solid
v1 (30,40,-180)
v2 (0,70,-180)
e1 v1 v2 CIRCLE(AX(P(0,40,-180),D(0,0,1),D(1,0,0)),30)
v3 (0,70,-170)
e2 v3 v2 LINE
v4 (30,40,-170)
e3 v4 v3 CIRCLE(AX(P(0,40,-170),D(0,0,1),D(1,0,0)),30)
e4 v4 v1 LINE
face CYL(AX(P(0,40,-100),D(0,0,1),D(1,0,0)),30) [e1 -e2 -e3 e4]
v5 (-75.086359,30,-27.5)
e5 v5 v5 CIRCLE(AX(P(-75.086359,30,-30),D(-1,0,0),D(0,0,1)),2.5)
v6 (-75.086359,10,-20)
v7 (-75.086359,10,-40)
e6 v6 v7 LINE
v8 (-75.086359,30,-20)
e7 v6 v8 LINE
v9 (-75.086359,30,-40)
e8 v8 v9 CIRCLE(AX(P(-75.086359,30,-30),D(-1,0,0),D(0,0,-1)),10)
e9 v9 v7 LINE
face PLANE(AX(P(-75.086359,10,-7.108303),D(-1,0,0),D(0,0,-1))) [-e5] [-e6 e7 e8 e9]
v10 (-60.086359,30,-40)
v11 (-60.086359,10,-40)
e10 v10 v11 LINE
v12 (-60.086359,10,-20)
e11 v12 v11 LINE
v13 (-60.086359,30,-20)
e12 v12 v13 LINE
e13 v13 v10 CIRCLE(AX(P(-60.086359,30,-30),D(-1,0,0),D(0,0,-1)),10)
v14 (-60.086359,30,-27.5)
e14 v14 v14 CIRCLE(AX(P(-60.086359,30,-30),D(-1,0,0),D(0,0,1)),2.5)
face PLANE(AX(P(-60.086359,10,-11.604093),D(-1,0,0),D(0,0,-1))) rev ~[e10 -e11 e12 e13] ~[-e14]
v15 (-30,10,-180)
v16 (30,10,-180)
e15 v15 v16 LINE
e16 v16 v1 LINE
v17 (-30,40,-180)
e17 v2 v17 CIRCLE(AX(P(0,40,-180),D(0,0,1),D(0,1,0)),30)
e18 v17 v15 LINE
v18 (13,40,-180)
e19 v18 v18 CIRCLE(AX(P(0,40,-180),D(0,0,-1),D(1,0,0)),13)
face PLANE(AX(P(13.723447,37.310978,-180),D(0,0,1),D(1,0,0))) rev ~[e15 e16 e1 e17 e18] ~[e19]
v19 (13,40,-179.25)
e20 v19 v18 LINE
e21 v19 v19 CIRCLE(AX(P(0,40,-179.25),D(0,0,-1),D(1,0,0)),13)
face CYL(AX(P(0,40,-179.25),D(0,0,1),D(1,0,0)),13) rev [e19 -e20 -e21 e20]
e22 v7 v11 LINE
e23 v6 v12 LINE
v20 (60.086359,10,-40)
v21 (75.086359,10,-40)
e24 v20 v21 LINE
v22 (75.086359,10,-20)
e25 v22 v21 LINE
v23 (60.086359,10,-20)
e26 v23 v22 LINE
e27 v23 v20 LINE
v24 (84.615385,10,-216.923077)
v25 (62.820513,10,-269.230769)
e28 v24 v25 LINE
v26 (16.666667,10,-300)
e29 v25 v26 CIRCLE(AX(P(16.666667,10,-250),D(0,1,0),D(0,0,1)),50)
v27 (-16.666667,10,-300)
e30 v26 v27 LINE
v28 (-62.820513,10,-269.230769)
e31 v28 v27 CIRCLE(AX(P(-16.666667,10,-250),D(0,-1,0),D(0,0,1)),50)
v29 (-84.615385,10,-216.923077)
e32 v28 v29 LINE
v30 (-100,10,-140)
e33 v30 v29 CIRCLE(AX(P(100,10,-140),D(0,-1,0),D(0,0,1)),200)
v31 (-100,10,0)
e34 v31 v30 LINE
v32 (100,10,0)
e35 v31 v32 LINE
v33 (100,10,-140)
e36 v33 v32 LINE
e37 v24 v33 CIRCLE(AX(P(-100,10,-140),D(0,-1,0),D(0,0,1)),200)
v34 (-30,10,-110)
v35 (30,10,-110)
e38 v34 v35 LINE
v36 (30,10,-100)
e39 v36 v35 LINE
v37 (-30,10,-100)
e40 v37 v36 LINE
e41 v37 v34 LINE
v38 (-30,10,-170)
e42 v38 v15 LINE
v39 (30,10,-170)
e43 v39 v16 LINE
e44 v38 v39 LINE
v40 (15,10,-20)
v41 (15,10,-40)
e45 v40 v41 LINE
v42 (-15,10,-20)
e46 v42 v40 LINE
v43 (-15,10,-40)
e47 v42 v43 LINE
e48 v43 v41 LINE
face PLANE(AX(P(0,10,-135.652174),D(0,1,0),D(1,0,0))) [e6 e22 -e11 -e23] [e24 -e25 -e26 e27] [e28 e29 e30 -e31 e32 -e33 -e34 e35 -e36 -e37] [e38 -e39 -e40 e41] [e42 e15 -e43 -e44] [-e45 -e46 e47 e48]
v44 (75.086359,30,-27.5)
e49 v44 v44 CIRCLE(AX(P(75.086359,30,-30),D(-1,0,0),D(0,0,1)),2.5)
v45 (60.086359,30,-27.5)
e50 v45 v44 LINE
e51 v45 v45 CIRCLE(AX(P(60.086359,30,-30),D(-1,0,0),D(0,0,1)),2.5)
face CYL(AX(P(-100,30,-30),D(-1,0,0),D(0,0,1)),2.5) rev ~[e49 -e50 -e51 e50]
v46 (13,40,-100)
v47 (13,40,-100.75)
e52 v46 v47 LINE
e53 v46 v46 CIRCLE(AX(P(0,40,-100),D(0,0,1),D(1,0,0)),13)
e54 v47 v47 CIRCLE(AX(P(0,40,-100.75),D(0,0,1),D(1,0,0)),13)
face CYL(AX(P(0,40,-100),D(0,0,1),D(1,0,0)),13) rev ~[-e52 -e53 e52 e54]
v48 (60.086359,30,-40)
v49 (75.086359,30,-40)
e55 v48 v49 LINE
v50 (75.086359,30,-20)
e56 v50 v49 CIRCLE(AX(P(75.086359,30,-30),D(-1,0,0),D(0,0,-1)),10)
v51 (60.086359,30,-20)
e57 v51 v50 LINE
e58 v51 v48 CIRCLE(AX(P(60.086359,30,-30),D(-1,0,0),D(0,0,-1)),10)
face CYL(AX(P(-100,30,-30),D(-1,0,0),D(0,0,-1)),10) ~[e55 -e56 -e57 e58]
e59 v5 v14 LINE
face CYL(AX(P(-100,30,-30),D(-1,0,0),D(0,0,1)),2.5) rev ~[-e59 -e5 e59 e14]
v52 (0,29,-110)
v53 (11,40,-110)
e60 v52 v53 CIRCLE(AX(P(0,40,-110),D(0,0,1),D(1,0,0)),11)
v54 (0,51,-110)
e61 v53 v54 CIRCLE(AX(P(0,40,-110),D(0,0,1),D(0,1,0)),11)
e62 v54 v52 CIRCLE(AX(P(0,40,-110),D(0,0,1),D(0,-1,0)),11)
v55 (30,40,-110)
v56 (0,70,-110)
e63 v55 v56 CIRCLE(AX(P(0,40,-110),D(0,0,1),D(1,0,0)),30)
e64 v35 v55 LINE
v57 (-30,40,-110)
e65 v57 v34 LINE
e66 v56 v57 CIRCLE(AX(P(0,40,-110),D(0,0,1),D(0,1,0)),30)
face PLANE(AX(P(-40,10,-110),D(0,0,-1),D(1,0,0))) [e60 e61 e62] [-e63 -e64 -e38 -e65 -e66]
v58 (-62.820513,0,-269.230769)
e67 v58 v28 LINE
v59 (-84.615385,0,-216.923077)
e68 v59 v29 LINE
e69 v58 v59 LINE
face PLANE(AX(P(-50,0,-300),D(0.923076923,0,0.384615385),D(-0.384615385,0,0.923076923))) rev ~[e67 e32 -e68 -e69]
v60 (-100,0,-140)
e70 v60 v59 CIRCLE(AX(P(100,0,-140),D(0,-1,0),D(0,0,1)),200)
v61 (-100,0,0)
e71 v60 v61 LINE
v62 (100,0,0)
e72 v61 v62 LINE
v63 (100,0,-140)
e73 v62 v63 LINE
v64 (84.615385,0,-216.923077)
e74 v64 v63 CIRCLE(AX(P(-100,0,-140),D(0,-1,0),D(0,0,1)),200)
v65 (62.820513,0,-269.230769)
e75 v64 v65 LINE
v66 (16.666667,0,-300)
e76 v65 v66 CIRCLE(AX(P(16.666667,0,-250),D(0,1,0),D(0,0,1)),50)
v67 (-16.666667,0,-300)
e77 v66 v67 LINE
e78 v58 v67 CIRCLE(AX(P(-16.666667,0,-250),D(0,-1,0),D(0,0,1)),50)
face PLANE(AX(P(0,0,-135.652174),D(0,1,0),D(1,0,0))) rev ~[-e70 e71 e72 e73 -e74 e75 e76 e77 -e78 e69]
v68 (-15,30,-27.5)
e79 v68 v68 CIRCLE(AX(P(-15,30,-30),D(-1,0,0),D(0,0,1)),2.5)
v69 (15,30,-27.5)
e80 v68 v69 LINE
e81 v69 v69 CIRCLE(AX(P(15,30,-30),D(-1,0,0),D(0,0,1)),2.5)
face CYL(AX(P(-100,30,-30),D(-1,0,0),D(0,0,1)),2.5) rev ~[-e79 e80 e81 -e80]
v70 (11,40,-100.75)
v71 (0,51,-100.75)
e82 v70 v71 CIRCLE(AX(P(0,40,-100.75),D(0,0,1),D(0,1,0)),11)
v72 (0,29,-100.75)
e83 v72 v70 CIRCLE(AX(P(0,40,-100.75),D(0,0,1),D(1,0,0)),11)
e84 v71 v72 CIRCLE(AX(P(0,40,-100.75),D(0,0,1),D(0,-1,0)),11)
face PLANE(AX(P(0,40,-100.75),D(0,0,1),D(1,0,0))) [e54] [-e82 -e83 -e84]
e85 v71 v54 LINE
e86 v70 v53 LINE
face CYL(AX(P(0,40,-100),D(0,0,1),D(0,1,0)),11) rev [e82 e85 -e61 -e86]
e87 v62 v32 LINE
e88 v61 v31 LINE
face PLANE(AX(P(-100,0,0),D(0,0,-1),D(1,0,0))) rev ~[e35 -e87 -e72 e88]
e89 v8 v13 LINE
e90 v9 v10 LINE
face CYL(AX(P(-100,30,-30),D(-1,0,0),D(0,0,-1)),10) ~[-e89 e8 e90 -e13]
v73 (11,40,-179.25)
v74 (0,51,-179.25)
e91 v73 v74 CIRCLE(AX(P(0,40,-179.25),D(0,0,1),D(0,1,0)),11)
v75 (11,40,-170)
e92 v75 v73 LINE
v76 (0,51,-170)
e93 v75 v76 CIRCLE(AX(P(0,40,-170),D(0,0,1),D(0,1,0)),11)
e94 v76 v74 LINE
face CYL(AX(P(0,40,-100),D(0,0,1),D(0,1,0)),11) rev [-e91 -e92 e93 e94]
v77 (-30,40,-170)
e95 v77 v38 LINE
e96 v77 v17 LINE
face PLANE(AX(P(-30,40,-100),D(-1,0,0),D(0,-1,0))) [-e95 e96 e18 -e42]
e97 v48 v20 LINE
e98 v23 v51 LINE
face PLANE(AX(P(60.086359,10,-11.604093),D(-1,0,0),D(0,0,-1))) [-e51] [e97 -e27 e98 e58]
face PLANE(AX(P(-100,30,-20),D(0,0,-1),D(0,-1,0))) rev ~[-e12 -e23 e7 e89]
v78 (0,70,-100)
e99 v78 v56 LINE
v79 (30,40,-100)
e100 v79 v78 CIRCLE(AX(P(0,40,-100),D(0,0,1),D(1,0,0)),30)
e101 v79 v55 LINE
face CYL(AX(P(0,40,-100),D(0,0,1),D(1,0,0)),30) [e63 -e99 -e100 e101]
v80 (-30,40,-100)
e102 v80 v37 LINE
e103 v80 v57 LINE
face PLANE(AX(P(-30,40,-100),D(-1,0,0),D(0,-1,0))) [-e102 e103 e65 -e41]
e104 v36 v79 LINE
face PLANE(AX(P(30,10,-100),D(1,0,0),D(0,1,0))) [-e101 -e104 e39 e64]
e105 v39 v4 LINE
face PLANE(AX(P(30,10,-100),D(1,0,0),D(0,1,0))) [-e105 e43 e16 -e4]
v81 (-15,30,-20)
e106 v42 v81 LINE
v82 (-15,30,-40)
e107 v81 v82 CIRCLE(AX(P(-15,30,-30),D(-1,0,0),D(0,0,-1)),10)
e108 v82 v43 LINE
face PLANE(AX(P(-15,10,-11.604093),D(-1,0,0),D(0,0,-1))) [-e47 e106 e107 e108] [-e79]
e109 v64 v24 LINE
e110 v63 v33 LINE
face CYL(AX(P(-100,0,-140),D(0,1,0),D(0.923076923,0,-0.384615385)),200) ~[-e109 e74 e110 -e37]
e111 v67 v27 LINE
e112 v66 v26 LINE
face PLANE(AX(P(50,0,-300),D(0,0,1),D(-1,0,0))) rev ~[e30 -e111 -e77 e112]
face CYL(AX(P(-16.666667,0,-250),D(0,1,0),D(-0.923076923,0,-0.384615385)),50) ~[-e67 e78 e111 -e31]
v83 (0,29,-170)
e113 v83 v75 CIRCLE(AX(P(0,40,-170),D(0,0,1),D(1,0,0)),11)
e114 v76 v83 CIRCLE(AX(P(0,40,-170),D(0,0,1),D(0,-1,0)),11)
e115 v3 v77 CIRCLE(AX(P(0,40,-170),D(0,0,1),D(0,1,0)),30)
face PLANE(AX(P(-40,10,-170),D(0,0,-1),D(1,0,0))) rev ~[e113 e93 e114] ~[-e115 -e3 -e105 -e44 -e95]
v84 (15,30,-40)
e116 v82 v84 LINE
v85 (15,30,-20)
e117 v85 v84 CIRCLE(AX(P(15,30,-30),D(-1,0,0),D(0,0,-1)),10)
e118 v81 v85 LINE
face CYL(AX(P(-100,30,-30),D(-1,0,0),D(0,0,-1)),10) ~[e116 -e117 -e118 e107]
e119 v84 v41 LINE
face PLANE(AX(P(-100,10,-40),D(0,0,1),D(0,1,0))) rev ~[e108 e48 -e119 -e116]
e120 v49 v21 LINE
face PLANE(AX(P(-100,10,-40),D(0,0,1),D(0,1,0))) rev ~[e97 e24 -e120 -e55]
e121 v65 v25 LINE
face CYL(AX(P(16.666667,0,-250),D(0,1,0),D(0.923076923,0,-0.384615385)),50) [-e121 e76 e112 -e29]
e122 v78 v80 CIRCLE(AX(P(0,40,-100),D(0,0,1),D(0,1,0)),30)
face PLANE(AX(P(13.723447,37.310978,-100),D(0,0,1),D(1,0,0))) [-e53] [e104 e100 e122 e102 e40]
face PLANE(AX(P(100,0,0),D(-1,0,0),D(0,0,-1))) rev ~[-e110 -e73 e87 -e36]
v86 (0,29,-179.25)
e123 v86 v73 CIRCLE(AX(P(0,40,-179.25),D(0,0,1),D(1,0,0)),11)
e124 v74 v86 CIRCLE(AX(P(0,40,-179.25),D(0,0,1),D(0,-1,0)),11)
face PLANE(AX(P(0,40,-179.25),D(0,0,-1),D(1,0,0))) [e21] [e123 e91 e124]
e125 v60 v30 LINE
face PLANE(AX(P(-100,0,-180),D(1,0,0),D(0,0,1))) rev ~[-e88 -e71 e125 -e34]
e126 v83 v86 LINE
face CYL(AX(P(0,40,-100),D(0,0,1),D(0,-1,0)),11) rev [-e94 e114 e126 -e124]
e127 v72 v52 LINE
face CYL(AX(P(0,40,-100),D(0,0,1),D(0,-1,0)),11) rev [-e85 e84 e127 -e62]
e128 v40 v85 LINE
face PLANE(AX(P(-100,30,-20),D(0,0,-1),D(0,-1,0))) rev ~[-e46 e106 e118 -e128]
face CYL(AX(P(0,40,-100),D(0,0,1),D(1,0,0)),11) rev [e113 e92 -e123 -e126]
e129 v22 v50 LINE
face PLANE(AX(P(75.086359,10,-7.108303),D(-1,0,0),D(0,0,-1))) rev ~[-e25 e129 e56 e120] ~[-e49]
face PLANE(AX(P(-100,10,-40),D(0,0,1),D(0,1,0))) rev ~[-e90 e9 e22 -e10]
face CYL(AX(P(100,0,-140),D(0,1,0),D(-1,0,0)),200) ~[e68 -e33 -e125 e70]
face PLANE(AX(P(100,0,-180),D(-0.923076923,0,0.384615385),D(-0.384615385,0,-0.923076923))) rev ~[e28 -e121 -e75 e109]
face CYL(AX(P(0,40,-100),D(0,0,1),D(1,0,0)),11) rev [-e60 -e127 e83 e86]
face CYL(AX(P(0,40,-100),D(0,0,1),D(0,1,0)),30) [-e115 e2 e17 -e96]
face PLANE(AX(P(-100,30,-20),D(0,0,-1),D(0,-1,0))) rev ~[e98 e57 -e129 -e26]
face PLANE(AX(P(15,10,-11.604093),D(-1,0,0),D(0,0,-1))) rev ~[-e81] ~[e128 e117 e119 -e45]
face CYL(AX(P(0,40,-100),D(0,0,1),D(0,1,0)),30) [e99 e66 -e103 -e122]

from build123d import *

# Parameters (mm, degrees)
EXTRUDE_1_DEPTH      = 10
EXTRUDE_START        = -100
EXTRUDE_3_DEPTH      = 80
SKETCH_5_W           = 80
SKETCH_5_H           = 60
CUT_EXTRUDE_2_DEPTH  = 110
FILLET_1_R           = 50
FILLET_2_R           = 200
SKETCH_16_R          = 13
CUT_EXTRUDE_10_DEPTH = 0.75
CUT_EXTRUDE_START    = -0.75
SKETCH_17_R          = 13
CUT_EXTRUDE_11_DEPTH = 0.75
SKETCH_18_R          = 2.5
EXTRUDE_6_DEPTH      = 200
SKETCH_20_W          = 45.086358536
SKETCH_20_H          = 37.636191029
SKETCH_20_W_2        = 32.7550468
SKETCH_20_H_2        = 44.701005045
CUT_EXTRUDE_12_DEPTH = 322.869538789


with BuildPart() as part:
    # 草图1 → 凸台-拉伸1 (new body)
    with BuildSketch(Plane(origin=(0, 0, 0), x_dir=(1, 0, 0), z_dir=(0, 1, 0))):
        Polygon((-100, 0), (100, 0), (100, 180), (50, 300), (-50, 300), (-100, 180), align=None)
    extrude(amount=EXTRUDE_1_DEPTH)

    # 草图4 → 凸台-拉伸3 (add)
    with BuildSketch(Plane.XY.offset(EXTRUDE_START)):
        with BuildLine():
            Line((0, 29), (0, 10))
            Line((0, 10), (30, 10))
            Line((30, 10), (30, 40))
            ThreePointArc((30, 40), (21.213203436, 61.213203436), (0, 70))
            Line((0, 70), (0, 51))
            ThreePointArc((0, 51), (7.778174593, 47.778174593), (11, 40))
            ThreePointArc((11, 40), (7.778174593, 32.221825407), (0, 29))
        make_face()
        with BuildLine():
            Line((-30, 10), (0, 10))
            Line((0, 10), (0, 29))
            ThreePointArc((0, 29), (-11, 40), (0, 51))
            Line((0, 51), (0, 70))
            ThreePointArc((0, 70), (-21.213203436, 61.213203436), (-30, 40))
            Line((-30, 40), (-30, 10))
        make_face()
    extrude(amount=-EXTRUDE_3_DEPTH)

    # 草图5 → 切除-拉伸2 (cut)
    with BuildSketch(Plane(origin=(0, 10, 0), x_dir=(1, 0, 0), z_dir=(0, 1, 0))):
        with Locations((0, 140)):
            Rectangle(SKETCH_5_W, SKETCH_5_H)
    extrude(amount=CUT_EXTRUDE_2_DEPTH, mode=Mode.SUBTRACT)

    # 圆角1
    fillet_1_edges = [part.edges().sort_by_distance(p)[0] for p in [
        (-50, 5, -300),
        (50, 5, -300),
    ]]
    fillet(fillet_1_edges, radius=FILLET_1_R)

    # 圆角2
    fillet_2_edges = [part.edges().sort_by_distance(p)[0] for p in [
        (-100, 5, -180),
        (100, 5, -180),
    ]]
    fillet(fillet_2_edges, radius=FILLET_2_R)

    # 草图16 → 切除-拉伸10 (cut)
    with BuildSketch(Plane.XY.offset(-100)):
        with Locations((0, 40)):
            Circle(SKETCH_16_R)
    extrude(amount=-CUT_EXTRUDE_10_DEPTH, mode=Mode.SUBTRACT)

    # 草图17 → 切除-拉伸11 (cut)
    with BuildSketch(Plane(origin=(0, 0, -180), x_dir=(-1, 0, 0), z_dir=(0, 0, -1)).offset(CUT_EXTRUDE_START)):
        with Locations(Location((0, 40, 0), (0, 0, 180))):
            Circle(SKETCH_17_R)
    extrude(amount=CUT_EXTRUDE_11_DEPTH, mode=Mode.SUBTRACT)

    # 草图18 → 凸台-拉伸6 (add)
    with BuildSketch(Plane.ZY.offset(100)):
        with BuildLine():
            Line((-40, 10), (-40, 30))
            ThreePointArc((-40, 30), (-30, 40), (-20, 30))
            Line((-20, 30), (-20, 10))
            Line((-20, 10), (-40, 10))
        make_face()
        with Locations((-30, 30)):
            Circle(SKETCH_18_R, mode=Mode.SUBTRACT)
    extrude(amount=-EXTRUDE_6_DEPTH)

    # 草图20 → 切除-拉伸12 (cut, through all)
    with BuildSketch(Plane(origin=(0, 10, 0), x_dir=(1, 0, 0), z_dir=(0, 1, 0))):
        with Locations((-37.543179268, 30.422188826)):
            Rectangle(SKETCH_20_W, SKETCH_20_H)
        with Locations((91.463881936, 29.458805096)):
            Rectangle(SKETCH_20_W_2, SKETCH_20_H_2)
        with Locations((37.543179268, 30.422188826)):
            Rectangle(SKETCH_20_W, SKETCH_20_H)
        with Locations((-91.463881936, 29.458805096)):
            Rectangle(SKETCH_20_W_2, SKETCH_20_H_2)
    extrude(amount=CUT_EXTRUDE_12_DEPTH, mode=Mode.SUBTRACT)


solid = part.part
